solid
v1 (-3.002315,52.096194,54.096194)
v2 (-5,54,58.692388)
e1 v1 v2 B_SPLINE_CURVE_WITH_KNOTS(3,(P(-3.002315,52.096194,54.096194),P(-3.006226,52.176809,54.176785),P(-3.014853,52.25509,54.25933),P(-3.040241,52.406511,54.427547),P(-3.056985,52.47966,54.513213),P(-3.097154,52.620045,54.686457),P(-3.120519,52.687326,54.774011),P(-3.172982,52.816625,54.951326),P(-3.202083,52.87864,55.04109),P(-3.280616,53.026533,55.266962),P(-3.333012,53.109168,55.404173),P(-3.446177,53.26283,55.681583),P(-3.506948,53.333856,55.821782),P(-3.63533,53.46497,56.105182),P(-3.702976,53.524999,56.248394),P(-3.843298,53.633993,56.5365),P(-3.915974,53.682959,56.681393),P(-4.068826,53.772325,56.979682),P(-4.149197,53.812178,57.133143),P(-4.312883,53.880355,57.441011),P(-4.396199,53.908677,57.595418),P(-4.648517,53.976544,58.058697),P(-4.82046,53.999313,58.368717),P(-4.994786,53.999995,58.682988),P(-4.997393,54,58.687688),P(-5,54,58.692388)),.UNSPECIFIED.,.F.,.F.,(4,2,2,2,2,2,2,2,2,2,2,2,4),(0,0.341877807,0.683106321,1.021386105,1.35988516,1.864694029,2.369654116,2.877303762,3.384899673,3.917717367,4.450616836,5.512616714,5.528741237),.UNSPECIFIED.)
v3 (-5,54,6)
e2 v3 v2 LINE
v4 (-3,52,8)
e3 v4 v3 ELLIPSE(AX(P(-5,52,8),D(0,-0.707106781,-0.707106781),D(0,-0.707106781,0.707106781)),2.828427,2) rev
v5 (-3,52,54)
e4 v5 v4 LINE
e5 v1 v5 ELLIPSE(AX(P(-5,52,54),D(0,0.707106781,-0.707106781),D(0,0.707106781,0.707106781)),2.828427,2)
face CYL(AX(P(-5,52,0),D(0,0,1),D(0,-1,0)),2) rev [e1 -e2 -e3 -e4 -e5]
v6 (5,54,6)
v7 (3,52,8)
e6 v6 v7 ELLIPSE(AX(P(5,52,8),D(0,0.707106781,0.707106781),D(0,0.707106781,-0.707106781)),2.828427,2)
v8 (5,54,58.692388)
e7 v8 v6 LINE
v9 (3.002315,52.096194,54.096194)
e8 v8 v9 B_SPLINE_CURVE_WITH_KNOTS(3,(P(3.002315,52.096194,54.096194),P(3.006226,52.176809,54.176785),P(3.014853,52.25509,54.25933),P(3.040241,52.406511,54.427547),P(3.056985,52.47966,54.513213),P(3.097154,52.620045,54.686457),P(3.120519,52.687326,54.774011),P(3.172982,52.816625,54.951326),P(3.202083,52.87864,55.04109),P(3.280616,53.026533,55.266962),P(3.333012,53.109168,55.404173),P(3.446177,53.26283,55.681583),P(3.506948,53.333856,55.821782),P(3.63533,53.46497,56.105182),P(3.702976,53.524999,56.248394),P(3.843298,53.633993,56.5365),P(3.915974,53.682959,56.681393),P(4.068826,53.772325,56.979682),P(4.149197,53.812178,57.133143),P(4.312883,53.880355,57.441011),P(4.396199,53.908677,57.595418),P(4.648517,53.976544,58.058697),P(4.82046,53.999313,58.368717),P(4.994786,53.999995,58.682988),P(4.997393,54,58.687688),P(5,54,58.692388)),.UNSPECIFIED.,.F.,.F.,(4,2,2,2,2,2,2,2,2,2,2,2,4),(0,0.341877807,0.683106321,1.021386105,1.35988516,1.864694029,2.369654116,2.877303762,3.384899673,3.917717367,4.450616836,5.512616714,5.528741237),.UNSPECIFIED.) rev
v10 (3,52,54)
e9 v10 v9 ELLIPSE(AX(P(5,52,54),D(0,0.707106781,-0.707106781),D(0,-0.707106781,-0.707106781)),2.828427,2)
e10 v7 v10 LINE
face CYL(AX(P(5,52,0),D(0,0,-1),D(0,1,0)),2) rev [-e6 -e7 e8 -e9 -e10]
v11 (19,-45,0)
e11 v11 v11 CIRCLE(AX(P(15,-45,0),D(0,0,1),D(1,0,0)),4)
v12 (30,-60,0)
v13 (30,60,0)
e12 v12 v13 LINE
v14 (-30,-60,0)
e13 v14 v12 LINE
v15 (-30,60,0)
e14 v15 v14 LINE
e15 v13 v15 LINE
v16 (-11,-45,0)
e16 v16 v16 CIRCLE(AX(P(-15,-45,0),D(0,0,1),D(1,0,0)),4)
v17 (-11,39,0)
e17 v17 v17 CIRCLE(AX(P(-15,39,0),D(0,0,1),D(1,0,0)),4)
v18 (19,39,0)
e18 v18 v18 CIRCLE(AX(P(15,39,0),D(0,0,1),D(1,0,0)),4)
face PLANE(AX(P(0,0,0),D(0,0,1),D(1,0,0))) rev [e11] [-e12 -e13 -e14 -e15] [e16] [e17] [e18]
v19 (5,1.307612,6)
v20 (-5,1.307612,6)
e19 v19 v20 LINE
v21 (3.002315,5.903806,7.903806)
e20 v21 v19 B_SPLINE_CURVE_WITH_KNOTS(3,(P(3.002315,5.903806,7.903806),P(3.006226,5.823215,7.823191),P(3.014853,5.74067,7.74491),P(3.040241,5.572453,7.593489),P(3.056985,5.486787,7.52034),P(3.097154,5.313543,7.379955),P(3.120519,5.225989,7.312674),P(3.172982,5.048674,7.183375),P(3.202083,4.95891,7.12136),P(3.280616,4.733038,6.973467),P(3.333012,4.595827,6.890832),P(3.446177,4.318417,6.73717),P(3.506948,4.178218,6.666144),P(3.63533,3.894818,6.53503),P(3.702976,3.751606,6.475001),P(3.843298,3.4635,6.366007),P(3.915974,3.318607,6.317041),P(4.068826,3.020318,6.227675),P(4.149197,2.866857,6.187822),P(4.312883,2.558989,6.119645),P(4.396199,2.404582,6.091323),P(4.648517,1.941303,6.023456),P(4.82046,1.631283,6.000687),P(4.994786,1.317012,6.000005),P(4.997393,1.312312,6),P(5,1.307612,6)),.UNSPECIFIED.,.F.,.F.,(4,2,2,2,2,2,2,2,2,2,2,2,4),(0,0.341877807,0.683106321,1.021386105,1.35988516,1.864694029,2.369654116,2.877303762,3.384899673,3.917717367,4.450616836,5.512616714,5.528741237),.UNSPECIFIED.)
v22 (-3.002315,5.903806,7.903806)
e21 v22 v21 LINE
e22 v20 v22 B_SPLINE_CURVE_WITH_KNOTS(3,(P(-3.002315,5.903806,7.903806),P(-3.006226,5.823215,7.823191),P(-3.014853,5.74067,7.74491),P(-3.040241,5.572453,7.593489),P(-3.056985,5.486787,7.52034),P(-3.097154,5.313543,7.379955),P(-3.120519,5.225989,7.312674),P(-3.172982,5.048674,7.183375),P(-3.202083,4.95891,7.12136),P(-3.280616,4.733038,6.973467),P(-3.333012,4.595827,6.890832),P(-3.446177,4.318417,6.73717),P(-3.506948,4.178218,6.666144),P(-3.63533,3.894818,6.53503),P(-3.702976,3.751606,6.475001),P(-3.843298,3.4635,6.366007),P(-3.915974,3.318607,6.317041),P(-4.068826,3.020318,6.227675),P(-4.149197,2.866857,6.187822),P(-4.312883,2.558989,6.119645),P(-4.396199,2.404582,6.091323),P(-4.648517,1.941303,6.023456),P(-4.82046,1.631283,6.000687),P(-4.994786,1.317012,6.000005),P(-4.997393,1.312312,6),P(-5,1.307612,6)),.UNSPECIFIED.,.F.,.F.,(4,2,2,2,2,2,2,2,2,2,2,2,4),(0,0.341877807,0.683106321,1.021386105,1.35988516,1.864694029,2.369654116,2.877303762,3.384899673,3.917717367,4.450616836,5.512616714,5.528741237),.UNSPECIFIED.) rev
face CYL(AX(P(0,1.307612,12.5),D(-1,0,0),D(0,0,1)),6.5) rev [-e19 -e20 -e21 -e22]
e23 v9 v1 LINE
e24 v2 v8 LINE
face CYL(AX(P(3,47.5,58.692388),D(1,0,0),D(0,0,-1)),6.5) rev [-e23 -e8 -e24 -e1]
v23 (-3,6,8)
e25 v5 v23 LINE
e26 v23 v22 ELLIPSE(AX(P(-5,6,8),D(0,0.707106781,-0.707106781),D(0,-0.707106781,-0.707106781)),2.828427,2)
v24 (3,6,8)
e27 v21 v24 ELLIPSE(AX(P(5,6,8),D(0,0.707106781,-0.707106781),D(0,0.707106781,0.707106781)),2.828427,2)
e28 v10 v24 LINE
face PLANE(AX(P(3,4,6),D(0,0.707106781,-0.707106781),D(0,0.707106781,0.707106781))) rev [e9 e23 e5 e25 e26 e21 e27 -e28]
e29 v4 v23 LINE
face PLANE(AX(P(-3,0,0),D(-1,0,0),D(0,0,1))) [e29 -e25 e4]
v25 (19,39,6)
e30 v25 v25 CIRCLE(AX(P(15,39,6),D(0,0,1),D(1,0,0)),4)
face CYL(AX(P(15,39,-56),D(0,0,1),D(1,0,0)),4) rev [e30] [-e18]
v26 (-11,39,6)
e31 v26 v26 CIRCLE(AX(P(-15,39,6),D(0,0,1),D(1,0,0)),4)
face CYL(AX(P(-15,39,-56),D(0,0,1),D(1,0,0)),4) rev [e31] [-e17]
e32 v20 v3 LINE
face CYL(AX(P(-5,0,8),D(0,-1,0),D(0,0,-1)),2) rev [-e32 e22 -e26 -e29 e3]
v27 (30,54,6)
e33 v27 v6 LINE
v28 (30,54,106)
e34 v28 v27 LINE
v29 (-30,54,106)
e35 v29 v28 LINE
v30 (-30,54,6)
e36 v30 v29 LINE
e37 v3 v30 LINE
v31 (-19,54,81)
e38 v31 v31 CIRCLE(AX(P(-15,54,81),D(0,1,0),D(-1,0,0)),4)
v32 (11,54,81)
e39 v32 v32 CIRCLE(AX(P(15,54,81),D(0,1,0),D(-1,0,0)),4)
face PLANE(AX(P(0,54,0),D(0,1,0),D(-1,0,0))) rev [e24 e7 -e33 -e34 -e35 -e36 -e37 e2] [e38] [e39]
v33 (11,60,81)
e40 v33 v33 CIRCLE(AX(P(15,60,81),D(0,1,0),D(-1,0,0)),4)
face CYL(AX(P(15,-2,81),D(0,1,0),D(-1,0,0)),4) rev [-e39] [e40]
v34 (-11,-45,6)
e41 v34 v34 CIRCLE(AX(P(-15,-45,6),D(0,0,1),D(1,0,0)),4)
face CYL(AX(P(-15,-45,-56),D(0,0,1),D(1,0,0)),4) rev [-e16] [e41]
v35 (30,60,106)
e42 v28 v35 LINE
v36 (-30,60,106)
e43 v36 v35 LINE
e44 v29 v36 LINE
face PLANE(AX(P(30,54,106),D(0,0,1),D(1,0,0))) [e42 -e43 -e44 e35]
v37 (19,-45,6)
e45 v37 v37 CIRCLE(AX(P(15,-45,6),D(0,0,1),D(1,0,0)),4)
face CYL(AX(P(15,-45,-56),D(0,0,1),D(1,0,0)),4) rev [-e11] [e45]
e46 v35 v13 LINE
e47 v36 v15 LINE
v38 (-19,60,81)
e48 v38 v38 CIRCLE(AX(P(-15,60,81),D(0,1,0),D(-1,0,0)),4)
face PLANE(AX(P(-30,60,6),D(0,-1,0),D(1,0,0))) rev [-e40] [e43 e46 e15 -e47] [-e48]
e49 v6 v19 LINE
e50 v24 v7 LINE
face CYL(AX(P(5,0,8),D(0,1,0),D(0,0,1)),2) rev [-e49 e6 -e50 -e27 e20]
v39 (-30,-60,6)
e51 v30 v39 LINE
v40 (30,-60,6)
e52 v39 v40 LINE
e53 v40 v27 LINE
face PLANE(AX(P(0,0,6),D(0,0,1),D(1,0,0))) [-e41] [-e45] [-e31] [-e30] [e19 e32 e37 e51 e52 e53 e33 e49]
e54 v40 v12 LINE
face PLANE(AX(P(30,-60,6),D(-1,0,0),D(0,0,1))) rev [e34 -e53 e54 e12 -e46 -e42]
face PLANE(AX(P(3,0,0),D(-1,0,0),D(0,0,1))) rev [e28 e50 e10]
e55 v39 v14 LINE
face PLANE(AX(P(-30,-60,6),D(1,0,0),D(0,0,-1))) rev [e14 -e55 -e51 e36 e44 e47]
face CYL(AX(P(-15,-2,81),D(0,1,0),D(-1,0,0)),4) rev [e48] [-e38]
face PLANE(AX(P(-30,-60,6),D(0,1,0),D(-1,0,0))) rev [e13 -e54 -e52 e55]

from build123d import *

# Parameters (mm, degrees)
SKETCH1_W           = 120
SKETCH1_H           = 60
BOSS_EXTRUDE1_DEPTH = 6
SKETCH2_W           = 60
SKETCH2_H           = 100
BOSS_EXTRUDE2_DEPTH = 6
BOSS_EXTRUDE3_DEPTH = 3
SKETCH5_R           = 4
CUT_EXTRUDE2_DEPTH  = 62
SKETCH6_R           = 4
CUT_EXTRUDE3_DEPTH  = 62
FILLET1_R           = 2
FILLET3_R           = 6.5


with BuildPart() as part:
    # Sketch1 → Boss-Extrude1 (new body)
    with BuildSketch(Plane(origin=(0, 0, 0), x_dir=(0, 1, 0), z_dir=(0, 0, 1))):
        Rectangle(SKETCH1_W, SKETCH1_H)
    extrude(amount=BOSS_EXTRUDE1_DEPTH)

    # Sketch2 → Boss-Extrude2 (add)
    with BuildSketch(Plane(origin=(0, 60, 0), x_dir=(-1, 0, 0), z_dir=(0, 1, 0))):
        with Locations((0, 56)):
            Rectangle(SKETCH2_W, SKETCH2_H)
    extrude(amount=-BOSS_EXTRUDE2_DEPTH)

    # Sketch4 → Boss-Extrude3 (add, symmetric)
    with BuildSketch(Plane.YZ):
        Polygon((54, 6), (4, 6), (54, 56), align=None)
    extrude(amount=BOSS_EXTRUDE3_DEPTH, both=True)

    # Sketch5 → Cut-Extrude2 (cut)
    with BuildSketch(Plane(origin=(0, 60, 0), x_dir=(-1, 0, 0), z_dir=(0, 1, 0))):
        with Locations((-15, 81)):
            Circle(SKETCH5_R)
        with Locations((15, 81)):
            Circle(SKETCH5_R)
    extrude(amount=-CUT_EXTRUDE2_DEPTH, mode=Mode.SUBTRACT)

    # Sketch6 → Cut-Extrude3 (cut)
    with BuildSketch(Plane.XY.offset(6)):
        with Locations((-15, -45)):
            Circle(SKETCH6_R)
        with Locations((15, -45)):
            Circle(SKETCH6_R)
        with Locations((-15, 39)):
            Circle(SKETCH6_R)
        with Locations((15, 39)):
            Circle(SKETCH6_R)
    extrude(amount=-CUT_EXTRUDE3_DEPTH, mode=Mode.SUBTRACT)

    # Fillet1
    fillet1_edges = [part.edges().sort_by_distance(p)[0] for p in [
        (-3, 54, 31),
        (-3, 29, 6),
        (3, 54, 31),
        (3, 29, 6),
    ]]
    fillet(fillet1_edges, radius=FILLET1_R)

    # Fillet3
    fillet3_edges = [part.edges().sort_by_distance(p)[0] for p in [
        (0, 4, 6),
        (0, 54, 56),
    ]]
    fillet(fillet3_edges, radius=FILLET3_R)


solid = part.part
